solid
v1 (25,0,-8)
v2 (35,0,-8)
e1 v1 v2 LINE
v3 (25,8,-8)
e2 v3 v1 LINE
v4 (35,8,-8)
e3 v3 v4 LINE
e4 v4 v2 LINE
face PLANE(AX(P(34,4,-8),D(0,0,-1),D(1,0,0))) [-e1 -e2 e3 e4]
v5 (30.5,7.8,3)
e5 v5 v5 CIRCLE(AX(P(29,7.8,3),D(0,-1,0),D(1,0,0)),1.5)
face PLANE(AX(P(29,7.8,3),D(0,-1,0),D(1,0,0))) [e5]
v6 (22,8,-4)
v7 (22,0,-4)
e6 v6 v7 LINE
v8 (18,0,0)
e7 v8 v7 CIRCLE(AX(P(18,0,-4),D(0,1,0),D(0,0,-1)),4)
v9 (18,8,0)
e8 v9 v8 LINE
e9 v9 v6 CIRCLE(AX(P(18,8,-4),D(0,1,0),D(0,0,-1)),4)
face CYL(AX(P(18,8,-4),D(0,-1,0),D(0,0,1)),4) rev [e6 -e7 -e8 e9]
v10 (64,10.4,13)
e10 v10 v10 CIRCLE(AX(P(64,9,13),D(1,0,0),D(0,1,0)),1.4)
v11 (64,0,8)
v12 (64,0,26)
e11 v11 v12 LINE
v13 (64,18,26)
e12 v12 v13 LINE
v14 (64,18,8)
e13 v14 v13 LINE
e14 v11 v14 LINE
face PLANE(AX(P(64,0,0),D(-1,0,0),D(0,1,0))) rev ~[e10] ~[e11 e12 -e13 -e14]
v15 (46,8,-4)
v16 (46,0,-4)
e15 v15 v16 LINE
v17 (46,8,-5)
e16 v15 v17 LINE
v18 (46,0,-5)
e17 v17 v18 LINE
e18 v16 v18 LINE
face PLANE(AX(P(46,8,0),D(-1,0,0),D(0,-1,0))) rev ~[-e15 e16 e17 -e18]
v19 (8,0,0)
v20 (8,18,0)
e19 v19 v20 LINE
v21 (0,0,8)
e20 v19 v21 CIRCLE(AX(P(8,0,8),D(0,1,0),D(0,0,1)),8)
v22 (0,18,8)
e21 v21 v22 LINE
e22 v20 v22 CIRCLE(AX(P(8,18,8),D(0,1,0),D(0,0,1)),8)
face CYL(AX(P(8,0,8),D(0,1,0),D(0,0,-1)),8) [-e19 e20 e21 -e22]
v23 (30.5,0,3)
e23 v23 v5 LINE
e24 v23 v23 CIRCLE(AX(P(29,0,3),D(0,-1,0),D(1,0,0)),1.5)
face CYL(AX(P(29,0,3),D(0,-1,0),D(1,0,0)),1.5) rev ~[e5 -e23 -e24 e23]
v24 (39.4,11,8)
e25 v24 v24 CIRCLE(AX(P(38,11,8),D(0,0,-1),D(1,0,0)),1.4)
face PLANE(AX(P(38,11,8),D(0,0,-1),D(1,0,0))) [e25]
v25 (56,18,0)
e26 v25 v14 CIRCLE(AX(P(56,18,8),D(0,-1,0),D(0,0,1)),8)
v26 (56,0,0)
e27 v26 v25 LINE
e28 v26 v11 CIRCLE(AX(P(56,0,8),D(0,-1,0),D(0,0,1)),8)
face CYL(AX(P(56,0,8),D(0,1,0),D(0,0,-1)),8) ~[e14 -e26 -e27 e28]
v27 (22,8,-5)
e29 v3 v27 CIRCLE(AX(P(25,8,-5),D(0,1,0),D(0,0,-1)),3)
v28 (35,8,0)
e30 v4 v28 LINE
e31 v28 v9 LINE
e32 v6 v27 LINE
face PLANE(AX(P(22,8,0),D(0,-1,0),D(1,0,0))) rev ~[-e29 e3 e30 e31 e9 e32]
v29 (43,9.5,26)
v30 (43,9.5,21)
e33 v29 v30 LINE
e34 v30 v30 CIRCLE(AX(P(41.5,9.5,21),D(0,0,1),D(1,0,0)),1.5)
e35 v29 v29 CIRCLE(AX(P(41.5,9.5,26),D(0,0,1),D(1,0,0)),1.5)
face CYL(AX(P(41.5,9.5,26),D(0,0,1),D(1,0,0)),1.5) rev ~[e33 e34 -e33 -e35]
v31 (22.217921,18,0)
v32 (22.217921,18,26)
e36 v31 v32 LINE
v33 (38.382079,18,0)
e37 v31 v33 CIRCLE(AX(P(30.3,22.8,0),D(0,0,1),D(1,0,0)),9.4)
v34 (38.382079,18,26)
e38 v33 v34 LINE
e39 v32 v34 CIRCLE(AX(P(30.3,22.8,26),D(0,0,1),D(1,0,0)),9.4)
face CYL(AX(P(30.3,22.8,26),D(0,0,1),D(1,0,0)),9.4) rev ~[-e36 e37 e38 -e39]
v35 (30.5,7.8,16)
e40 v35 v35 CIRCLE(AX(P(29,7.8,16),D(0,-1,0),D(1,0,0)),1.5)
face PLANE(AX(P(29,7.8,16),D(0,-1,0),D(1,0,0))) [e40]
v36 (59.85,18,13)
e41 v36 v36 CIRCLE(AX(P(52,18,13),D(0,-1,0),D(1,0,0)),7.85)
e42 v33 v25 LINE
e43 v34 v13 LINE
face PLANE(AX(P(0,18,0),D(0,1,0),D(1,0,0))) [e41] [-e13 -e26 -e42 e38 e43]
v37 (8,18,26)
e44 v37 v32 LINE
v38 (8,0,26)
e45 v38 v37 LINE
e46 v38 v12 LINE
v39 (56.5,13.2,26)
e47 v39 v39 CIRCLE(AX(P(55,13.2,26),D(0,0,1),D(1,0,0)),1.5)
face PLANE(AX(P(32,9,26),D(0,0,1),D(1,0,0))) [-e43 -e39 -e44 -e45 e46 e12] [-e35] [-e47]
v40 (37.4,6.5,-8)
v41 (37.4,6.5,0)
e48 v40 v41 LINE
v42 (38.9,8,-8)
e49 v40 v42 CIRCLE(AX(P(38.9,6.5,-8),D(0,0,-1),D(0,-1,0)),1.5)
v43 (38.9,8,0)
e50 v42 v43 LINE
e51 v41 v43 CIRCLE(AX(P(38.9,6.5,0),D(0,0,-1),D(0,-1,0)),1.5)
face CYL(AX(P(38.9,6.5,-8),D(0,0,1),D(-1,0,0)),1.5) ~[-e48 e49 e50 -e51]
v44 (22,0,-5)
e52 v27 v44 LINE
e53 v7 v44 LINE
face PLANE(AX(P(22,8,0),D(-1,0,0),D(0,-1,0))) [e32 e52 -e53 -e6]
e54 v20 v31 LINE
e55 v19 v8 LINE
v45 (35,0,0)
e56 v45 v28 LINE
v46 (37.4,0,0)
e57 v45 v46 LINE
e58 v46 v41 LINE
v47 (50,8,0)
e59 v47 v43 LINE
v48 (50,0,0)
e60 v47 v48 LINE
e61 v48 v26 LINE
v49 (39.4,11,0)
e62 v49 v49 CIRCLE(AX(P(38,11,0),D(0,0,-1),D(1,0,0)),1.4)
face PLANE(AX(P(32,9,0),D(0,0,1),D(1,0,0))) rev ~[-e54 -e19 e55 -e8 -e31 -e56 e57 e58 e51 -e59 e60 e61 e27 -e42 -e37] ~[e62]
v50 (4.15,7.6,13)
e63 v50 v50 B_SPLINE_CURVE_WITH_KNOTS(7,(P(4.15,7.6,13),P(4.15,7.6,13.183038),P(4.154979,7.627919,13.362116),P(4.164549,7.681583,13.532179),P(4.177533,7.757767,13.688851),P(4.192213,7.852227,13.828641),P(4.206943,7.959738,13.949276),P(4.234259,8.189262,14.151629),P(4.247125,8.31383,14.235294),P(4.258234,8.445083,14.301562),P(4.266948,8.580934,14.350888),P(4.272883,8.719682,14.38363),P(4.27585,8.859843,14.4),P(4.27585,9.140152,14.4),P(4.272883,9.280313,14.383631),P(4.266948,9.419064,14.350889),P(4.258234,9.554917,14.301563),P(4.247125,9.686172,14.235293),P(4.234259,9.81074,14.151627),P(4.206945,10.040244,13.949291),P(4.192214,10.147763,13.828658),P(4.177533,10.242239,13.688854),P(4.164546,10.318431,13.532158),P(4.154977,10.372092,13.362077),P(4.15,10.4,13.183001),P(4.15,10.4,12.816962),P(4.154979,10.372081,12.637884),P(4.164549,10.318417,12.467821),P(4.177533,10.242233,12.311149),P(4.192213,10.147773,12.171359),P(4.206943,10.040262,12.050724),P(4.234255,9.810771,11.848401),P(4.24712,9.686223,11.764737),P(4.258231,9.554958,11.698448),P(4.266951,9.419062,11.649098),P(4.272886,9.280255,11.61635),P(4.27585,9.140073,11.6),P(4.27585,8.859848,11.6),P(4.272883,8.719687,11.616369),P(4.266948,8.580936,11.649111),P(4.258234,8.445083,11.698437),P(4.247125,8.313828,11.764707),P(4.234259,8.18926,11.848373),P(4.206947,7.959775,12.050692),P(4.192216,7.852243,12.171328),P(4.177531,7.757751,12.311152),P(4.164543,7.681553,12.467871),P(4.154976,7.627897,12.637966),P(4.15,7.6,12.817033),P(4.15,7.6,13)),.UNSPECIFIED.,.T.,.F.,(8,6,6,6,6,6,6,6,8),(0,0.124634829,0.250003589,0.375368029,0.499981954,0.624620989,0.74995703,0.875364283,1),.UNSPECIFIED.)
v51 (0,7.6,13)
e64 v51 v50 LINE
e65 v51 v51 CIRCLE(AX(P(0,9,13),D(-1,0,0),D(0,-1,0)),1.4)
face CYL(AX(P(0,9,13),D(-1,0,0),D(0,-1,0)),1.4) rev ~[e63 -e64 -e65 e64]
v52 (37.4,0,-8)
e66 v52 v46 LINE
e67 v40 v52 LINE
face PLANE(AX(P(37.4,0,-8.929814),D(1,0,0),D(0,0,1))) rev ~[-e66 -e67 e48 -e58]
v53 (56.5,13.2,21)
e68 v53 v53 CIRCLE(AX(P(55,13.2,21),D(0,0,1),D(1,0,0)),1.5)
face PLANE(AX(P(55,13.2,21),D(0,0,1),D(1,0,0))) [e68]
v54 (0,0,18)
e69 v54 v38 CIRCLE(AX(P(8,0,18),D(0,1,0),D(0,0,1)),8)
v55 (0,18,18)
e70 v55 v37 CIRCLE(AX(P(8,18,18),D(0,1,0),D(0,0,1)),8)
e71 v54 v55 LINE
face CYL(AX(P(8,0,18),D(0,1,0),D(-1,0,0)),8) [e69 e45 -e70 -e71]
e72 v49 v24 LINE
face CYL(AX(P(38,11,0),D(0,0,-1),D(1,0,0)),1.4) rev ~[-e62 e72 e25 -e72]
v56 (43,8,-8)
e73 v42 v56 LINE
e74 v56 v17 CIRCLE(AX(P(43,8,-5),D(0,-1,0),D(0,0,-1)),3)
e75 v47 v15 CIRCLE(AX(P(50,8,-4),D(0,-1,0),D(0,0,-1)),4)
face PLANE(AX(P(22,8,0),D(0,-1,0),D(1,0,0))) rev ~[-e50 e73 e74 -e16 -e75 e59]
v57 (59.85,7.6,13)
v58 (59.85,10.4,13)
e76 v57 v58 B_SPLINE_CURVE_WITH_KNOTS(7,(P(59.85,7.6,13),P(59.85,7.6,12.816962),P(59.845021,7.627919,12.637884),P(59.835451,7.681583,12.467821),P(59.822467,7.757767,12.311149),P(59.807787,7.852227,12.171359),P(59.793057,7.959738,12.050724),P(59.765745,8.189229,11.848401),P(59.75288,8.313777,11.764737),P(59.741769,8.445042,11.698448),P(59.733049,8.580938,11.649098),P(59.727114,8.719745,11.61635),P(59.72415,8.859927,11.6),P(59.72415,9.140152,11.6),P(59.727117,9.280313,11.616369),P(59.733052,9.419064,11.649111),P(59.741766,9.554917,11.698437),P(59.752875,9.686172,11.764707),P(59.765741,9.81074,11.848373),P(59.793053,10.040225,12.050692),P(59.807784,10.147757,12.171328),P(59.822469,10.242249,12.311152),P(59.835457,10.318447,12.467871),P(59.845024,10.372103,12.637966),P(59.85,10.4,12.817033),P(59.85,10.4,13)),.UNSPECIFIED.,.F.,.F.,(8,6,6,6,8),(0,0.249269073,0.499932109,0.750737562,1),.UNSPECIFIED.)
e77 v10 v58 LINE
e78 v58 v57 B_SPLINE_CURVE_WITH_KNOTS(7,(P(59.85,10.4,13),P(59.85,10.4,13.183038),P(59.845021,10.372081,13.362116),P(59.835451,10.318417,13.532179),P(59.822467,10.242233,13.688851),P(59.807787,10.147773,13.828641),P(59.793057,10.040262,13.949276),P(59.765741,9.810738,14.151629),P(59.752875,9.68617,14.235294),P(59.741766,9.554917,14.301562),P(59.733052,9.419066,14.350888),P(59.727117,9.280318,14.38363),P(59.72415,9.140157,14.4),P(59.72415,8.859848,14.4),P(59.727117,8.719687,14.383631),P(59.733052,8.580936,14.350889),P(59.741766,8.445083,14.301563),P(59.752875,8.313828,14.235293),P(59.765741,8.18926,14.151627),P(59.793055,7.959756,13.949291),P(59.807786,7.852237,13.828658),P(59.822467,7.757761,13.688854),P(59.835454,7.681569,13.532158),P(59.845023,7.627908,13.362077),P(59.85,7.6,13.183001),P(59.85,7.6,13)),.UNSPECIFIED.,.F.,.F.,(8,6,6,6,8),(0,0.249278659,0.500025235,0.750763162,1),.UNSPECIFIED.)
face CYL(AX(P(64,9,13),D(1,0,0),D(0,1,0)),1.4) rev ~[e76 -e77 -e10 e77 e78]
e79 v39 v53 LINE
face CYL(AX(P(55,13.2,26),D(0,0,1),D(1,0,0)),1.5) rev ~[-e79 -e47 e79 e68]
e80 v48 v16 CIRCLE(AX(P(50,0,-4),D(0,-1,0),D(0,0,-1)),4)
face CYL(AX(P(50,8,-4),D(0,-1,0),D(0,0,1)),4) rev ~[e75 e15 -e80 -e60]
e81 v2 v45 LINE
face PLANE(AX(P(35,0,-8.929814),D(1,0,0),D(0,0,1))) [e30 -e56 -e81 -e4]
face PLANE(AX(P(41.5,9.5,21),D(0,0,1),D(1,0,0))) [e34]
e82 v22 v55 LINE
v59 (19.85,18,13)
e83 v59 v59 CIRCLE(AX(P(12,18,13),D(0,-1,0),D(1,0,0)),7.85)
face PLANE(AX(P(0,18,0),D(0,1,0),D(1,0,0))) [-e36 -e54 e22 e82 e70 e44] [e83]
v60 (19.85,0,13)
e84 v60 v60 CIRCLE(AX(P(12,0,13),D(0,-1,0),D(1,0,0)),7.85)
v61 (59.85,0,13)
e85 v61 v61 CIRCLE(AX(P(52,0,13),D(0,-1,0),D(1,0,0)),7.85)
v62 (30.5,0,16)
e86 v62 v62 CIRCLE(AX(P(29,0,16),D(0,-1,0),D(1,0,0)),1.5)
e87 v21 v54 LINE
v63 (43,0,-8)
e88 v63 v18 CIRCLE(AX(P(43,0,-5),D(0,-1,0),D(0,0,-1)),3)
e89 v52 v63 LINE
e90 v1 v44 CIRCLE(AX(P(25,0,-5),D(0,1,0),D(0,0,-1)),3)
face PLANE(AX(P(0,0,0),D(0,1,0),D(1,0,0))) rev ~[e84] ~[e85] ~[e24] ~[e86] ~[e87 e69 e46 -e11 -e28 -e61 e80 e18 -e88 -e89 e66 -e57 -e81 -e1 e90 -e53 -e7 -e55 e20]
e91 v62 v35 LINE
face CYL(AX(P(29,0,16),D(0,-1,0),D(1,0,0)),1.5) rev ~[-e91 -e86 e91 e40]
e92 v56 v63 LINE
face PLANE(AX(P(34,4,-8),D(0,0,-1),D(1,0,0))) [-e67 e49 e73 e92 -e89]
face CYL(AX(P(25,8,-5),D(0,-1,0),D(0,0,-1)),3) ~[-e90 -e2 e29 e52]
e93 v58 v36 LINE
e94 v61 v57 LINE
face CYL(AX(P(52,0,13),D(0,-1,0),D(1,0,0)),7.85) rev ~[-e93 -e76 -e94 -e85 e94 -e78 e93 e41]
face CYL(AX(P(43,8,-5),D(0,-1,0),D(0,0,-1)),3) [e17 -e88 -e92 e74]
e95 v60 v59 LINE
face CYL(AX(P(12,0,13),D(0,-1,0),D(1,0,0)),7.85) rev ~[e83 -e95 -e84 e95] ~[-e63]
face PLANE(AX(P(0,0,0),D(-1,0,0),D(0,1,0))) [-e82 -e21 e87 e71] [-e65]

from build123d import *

# Parameters (mm, degrees)
BOX_W           = 64
BOX_H           = 18
BOX_DEPTH       = 26
SKETCH009_R     = 7.85
POCKET_DEPTH    = 18.001
SKETCH_W        = 24
SKETCH_H        = 8
PAD_DEPTH       = 8
SKETCH016_R     = 9.4
POCKET002_DEPTH = 34.001
SKETCH018_R     = 1.5
POCKET004_DEPTH = 5
SKETCH020_R     = 1.4
POCKET006_DEPTH = 5
SKETCH021_R     = 1.4
POCKET007_DEPTH = 5
SKETCH026_R     = 1.4
POCKET011_DEPTH = 8
SKETCH027_R     = 1.5
POCKET012_DEPTH = 7.8
SKETCH029_W     = 2.4
SKETCH029_H     = 8.929814
POCKET015_DEPTH = 8
FILLET004_R     = 4
FILLET005_R     = 3
FILLET006_R     = 1.5
FILLET007_R     = 8


with BuildPart() as part:
    # Box → Box (new body)
    with BuildSketch(Plane.XY):
        with Locations((32, 9)):
            Rectangle(BOX_W, BOX_H)
    extrude(amount=BOX_DEPTH)

    # Sketch009 → Pocket (cut, through all)
    with BuildSketch(Plane.XZ):
        with Locations((12, 13)):
            Circle(SKETCH009_R)
        with Locations((52, 13)):
            Circle(SKETCH009_R)
    extrude(amount=-POCKET_DEPTH, mode=Mode.SUBTRACT)

    # Sketch → Pad (new body)
    with BuildSketch(Plane(origin=(0, 0, 0), x_dir=(1, 0, 0), z_dir=(0, 0, -1))):
        with Locations((34, -4)):
            Rectangle(SKETCH_W, SKETCH_H)
    extrude(amount=PAD_DEPTH)

    # Sketch016 → Pocket002 (cut, through all)
    with BuildSketch(Plane.XY.offset(26)):
        with Locations((30.3, 22.8)):
            Circle(SKETCH016_R)
    extrude(amount=-POCKET002_DEPTH, mode=Mode.SUBTRACT)

    # Sketch018 → Pocket004 (cut)
    with BuildSketch(Plane.XY.offset(26)):
        with Locations((41.5, 9.5)):
            Circle(SKETCH018_R)
        with Locations((55, 13.2)):
            Circle(SKETCH018_R)
    extrude(amount=-POCKET004_DEPTH, mode=Mode.SUBTRACT)

    # Sketch020 → Pocket006 (cut)
    with BuildSketch(Plane.YZ.offset(64)):
        with Locations((9, 13)):
            Circle(SKETCH020_R)
    extrude(amount=-POCKET006_DEPTH, mode=Mode.SUBTRACT)

    # Sketch021 → Pocket007 (cut)
    with BuildSketch(Plane(origin=(0, 0, 0), x_dir=(0, -1, 0), z_dir=(-1, 0, 0))):
        with Locations((-9, 13)):
            Circle(SKETCH021_R)
    extrude(amount=-POCKET007_DEPTH, mode=Mode.SUBTRACT)

    # Sketch026 → Pocket011 (cut)
    with BuildSketch(Plane(origin=(0, 0, 0), x_dir=(1, 0, 0), z_dir=(0, 0, -1))):
        with Locations((38, -11)):
            Circle(SKETCH026_R)
    extrude(amount=-POCKET011_DEPTH, mode=Mode.SUBTRACT)

    # Sketch027 → Pocket012 (cut)
    with BuildSketch(Plane.XZ):
        with Locations((29, 3)):
            Circle(SKETCH027_R)
        with Locations((29, 16)):
            Circle(SKETCH027_R)
    extrude(amount=-POCKET012_DEPTH, mode=Mode.SUBTRACT)

    # Sketch029 → Pocket015 (cut)
    with BuildSketch(Plane.XZ):
        with Locations((36.2, -4.464907)):
            Rectangle(SKETCH029_W, SKETCH029_H)
    extrude(amount=-POCKET015_DEPTH, mode=Mode.SUBTRACT)

    # Fillet004
    fillet004_edges = [part.edges().sort_by_distance(p)[0] for p in [
        (22, 4, 0),
        (46, 4, 0),
    ]]
    fillet(fillet004_edges, radius=FILLET004_R)

    # Fillet005
    fillet005_edges = [part.edges().sort_by_distance(p)[0] for p in [
        (46, 4, -8),
        (22, 4, -8),
    ]]
    fillet(fillet005_edges, radius=FILLET005_R)

    # Fillet006
    fillet006_edges = [part.edges().sort_by_distance(p)[0] for p in [
        (37.4, 8, -4),
    ]]
    fillet(fillet006_edges, radius=FILLET006_R)

    # Fillet007
    fillet007_edges = [part.edges().sort_by_distance(p)[0] for p in [
        (0, 9, 26),
        (0, 9, 0),
        (64, 9, 0),
    ]]
    fillet(fillet007_edges, radius=FILLET007_R)


solid = part.part
